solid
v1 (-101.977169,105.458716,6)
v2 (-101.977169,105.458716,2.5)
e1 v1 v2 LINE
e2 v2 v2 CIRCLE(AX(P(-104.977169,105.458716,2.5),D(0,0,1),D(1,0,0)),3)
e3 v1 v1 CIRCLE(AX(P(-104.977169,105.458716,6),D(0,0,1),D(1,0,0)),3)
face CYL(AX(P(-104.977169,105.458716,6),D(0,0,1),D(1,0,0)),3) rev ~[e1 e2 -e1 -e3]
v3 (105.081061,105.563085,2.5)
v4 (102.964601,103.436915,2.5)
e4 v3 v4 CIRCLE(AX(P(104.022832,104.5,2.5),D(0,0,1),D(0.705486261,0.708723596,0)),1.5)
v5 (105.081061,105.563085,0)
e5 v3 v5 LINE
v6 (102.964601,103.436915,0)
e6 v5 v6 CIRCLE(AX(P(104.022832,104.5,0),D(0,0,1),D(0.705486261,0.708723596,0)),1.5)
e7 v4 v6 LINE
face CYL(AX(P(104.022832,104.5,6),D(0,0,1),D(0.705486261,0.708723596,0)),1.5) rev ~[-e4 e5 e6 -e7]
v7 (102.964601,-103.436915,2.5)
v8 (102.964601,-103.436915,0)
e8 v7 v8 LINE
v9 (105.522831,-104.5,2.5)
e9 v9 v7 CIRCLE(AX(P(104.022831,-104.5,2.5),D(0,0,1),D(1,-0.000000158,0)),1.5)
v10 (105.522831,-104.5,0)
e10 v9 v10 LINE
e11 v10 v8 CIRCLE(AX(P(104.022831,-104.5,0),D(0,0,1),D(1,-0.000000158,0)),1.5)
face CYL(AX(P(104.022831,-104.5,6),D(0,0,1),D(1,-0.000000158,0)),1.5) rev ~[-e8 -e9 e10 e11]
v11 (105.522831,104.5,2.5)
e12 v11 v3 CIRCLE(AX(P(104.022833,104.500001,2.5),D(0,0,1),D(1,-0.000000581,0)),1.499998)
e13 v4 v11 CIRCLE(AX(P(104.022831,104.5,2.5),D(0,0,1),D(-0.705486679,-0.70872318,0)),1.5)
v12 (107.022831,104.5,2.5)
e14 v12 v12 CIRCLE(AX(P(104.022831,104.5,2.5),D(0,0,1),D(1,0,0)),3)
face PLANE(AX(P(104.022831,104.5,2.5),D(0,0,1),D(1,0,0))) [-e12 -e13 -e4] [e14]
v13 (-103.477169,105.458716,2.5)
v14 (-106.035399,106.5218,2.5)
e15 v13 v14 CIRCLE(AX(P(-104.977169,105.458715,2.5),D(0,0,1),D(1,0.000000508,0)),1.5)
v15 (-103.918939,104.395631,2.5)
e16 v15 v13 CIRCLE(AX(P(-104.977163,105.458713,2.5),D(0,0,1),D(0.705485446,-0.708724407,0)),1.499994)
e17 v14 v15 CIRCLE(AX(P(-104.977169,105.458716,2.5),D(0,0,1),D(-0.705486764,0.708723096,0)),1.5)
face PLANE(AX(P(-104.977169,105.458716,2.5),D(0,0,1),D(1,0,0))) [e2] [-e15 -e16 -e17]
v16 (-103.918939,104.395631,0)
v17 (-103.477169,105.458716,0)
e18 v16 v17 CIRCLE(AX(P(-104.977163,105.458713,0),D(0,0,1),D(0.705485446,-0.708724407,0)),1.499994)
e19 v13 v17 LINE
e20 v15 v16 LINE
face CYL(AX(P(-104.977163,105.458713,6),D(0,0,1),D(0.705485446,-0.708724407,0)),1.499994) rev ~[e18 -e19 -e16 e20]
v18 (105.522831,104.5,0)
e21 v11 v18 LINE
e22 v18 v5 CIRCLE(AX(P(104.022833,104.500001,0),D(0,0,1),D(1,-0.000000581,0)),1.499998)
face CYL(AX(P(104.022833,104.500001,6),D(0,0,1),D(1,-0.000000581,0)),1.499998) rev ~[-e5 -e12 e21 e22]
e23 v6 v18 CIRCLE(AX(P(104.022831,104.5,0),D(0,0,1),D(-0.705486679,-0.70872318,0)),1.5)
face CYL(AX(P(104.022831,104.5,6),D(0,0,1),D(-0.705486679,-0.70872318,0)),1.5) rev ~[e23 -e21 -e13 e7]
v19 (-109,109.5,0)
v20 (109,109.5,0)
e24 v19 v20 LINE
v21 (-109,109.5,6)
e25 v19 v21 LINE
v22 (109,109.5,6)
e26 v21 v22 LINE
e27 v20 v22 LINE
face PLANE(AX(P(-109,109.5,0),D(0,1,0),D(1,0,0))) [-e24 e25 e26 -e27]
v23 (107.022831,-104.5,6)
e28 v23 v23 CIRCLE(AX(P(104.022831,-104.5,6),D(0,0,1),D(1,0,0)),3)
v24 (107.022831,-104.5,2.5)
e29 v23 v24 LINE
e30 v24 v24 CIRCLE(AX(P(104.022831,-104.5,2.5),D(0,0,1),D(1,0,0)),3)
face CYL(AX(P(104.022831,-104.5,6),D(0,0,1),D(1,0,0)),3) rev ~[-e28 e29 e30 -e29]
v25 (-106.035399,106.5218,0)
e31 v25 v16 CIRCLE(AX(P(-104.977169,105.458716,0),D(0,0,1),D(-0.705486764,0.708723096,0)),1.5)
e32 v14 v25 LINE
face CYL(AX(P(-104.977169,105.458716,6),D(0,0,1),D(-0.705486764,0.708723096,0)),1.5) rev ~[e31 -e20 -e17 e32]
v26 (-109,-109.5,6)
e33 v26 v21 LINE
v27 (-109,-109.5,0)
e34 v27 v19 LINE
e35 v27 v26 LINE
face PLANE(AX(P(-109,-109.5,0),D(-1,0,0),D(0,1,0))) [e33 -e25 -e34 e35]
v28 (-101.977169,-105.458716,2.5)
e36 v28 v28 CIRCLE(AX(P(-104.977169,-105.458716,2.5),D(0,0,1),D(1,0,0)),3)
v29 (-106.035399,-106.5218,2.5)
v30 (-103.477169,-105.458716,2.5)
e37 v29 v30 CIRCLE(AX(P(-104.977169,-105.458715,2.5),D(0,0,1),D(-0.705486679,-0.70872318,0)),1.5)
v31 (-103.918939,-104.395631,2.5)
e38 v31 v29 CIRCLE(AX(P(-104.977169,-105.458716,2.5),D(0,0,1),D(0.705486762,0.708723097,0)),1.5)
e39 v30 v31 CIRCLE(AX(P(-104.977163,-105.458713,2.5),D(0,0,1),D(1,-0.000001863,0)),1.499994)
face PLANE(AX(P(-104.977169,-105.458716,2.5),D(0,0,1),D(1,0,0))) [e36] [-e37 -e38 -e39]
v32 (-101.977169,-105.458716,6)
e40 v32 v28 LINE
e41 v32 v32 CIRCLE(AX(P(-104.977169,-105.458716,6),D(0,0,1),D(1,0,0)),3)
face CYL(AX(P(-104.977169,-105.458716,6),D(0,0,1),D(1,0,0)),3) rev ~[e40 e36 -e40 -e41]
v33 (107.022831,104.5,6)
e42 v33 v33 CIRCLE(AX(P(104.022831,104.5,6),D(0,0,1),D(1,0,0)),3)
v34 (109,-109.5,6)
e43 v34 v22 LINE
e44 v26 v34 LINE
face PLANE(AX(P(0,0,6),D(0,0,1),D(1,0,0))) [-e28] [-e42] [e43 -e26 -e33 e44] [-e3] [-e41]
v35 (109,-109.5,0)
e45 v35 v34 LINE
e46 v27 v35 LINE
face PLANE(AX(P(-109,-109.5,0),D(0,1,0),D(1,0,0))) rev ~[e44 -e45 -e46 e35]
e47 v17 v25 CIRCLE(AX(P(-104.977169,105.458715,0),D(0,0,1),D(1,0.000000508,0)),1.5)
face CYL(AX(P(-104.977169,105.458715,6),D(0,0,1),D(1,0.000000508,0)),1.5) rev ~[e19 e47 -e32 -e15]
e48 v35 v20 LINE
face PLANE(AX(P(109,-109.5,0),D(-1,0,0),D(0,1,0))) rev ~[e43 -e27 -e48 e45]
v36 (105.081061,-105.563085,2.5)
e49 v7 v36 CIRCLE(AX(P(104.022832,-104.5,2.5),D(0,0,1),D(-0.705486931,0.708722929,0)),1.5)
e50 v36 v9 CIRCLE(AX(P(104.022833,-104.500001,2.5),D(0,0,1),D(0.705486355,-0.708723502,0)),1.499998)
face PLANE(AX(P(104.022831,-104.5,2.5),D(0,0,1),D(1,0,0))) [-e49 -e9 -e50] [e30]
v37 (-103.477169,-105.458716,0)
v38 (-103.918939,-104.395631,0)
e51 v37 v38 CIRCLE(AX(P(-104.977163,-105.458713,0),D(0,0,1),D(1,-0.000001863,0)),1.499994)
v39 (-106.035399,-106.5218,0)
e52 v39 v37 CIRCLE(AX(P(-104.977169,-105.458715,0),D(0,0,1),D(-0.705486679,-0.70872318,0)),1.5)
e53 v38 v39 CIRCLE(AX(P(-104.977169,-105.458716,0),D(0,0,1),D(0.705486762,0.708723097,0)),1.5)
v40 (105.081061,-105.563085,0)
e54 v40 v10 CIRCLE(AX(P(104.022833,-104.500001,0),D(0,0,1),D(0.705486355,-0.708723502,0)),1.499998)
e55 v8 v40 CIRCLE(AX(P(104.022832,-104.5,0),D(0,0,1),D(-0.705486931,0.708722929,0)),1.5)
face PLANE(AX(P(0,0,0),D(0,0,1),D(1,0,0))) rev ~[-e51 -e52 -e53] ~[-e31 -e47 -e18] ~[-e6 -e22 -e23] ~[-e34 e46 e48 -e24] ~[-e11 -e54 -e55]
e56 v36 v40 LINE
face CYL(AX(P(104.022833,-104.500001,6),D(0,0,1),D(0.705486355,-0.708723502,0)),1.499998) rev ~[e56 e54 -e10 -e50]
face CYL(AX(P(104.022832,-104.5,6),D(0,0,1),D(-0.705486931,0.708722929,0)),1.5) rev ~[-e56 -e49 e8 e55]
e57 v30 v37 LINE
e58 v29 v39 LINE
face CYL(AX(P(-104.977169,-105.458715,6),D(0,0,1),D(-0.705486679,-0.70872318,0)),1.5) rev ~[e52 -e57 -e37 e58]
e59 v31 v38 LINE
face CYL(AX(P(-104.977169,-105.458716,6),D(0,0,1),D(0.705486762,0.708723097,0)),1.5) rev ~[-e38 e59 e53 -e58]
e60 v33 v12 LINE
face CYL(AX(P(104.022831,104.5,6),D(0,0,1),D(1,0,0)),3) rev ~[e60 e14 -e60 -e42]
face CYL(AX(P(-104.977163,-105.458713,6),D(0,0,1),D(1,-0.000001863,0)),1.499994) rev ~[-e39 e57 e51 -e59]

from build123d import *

# Parameters (mm, degrees)
F0_W     = 218
F0_H     = 219
F1_DEPTH = 6
F3_DEPTH = 6
F4_R     = 3
F5_DEPTH = 3.5


with BuildPart() as f1:
    # F0 (on Top) → F1 (new body)
    with BuildSketch(Plane.XY):
        Rectangle(F0_W, F0_H)
    extrude(amount=F1_DEPTH)

    # F2 (on face) → F3 (cut, through all)
    with BuildSketch(Plane.XY.offset(6)):
        with BuildLine():
            ThreePointArc((-103.477169, 105.458716), (-104.401559, 106.843877), (-106.035399, 106.5218))
            Line((-106.035399, 106.5218), (-103.918939, 104.395631))
            ThreePointArc((-103.918939, 104.395631), (-103.592007, 104.883105), (-103.477169, 105.458716))
        make_face()
        with BuildLine():
            ThreePointArc((105.081061, 105.563085), (102.959747, 105.55823), (102.964601, 103.436915))
            Line((102.964601, 103.436915), (105.081061, 105.563085))
        make_face()
        with BuildLine():
            Line((105.081061, 105.563085), (102.964601, 103.436915))
            ThreePointArc((102.964601, 103.436915), (104.598441, 103.114838), (105.522831, 104.5))
            ThreePointArc((105.522831, 104.5), (105.407993, 105.07561), (105.081061, 105.563085))
        make_face()
        with BuildLine():
            ThreePointArc((105.522831, -104.5), (104.598441, -103.114838), (102.964601, -103.436915))
            Line((102.964601, -103.436915), (105.081061, -105.563085))
            ThreePointArc((105.081061, -105.563085), (105.407993, -105.07561), (105.522831, -104.5))
        make_face()
        with BuildLine():
            Line((105.081061, -105.563085), (102.964601, -103.436915))
            ThreePointArc((102.964601, -103.436915), (102.959747, -105.55823), (105.081061, -105.563085))
        make_face()
        with BuildLine():
            ThreePointArc((-103.477169, -105.458716), (-103.592007, -104.883105), (-103.918939, -104.395631))
            Line((-103.918939, -104.395631), (-106.035399, -106.5218))
            ThreePointArc((-106.035399, -106.5218), (-104.401559, -106.843877), (-103.477169, -105.458716))
        make_face()
        with BuildLine():
            Line((-106.035399, -106.5218), (-103.918939, -104.395631))
            ThreePointArc((-103.918939, -104.395631), (-106.040253, -104.400485), (-106.035399, -106.5218))
        make_face()
        with BuildLine():
            Line((-103.918939, 104.395631), (-106.035399, 106.5218))
            ThreePointArc((-106.035399, 106.5218), (-106.040253, 104.400485), (-103.918939, 104.395631))
        make_face()
    extrude(amount=-F3_DEPTH, mode=Mode.SUBTRACT)

    # F4 (on face) → F5 (cut)
    with BuildSketch(Plane.XY.offset(6)):
        with Locations((-104.977169, 105.458716)):
            Circle(F4_R)
        with Locations((104.022831, 104.5)):
            Circle(F4_R)
        with Locations((104.022831, -104.5)):
            Circle(F4_R)
        with Locations((-104.977169, -105.458716)):
            Circle(F4_R)
    extrude(amount=-F5_DEPTH, mode=Mode.SUBTRACT)


solid = f1.part
